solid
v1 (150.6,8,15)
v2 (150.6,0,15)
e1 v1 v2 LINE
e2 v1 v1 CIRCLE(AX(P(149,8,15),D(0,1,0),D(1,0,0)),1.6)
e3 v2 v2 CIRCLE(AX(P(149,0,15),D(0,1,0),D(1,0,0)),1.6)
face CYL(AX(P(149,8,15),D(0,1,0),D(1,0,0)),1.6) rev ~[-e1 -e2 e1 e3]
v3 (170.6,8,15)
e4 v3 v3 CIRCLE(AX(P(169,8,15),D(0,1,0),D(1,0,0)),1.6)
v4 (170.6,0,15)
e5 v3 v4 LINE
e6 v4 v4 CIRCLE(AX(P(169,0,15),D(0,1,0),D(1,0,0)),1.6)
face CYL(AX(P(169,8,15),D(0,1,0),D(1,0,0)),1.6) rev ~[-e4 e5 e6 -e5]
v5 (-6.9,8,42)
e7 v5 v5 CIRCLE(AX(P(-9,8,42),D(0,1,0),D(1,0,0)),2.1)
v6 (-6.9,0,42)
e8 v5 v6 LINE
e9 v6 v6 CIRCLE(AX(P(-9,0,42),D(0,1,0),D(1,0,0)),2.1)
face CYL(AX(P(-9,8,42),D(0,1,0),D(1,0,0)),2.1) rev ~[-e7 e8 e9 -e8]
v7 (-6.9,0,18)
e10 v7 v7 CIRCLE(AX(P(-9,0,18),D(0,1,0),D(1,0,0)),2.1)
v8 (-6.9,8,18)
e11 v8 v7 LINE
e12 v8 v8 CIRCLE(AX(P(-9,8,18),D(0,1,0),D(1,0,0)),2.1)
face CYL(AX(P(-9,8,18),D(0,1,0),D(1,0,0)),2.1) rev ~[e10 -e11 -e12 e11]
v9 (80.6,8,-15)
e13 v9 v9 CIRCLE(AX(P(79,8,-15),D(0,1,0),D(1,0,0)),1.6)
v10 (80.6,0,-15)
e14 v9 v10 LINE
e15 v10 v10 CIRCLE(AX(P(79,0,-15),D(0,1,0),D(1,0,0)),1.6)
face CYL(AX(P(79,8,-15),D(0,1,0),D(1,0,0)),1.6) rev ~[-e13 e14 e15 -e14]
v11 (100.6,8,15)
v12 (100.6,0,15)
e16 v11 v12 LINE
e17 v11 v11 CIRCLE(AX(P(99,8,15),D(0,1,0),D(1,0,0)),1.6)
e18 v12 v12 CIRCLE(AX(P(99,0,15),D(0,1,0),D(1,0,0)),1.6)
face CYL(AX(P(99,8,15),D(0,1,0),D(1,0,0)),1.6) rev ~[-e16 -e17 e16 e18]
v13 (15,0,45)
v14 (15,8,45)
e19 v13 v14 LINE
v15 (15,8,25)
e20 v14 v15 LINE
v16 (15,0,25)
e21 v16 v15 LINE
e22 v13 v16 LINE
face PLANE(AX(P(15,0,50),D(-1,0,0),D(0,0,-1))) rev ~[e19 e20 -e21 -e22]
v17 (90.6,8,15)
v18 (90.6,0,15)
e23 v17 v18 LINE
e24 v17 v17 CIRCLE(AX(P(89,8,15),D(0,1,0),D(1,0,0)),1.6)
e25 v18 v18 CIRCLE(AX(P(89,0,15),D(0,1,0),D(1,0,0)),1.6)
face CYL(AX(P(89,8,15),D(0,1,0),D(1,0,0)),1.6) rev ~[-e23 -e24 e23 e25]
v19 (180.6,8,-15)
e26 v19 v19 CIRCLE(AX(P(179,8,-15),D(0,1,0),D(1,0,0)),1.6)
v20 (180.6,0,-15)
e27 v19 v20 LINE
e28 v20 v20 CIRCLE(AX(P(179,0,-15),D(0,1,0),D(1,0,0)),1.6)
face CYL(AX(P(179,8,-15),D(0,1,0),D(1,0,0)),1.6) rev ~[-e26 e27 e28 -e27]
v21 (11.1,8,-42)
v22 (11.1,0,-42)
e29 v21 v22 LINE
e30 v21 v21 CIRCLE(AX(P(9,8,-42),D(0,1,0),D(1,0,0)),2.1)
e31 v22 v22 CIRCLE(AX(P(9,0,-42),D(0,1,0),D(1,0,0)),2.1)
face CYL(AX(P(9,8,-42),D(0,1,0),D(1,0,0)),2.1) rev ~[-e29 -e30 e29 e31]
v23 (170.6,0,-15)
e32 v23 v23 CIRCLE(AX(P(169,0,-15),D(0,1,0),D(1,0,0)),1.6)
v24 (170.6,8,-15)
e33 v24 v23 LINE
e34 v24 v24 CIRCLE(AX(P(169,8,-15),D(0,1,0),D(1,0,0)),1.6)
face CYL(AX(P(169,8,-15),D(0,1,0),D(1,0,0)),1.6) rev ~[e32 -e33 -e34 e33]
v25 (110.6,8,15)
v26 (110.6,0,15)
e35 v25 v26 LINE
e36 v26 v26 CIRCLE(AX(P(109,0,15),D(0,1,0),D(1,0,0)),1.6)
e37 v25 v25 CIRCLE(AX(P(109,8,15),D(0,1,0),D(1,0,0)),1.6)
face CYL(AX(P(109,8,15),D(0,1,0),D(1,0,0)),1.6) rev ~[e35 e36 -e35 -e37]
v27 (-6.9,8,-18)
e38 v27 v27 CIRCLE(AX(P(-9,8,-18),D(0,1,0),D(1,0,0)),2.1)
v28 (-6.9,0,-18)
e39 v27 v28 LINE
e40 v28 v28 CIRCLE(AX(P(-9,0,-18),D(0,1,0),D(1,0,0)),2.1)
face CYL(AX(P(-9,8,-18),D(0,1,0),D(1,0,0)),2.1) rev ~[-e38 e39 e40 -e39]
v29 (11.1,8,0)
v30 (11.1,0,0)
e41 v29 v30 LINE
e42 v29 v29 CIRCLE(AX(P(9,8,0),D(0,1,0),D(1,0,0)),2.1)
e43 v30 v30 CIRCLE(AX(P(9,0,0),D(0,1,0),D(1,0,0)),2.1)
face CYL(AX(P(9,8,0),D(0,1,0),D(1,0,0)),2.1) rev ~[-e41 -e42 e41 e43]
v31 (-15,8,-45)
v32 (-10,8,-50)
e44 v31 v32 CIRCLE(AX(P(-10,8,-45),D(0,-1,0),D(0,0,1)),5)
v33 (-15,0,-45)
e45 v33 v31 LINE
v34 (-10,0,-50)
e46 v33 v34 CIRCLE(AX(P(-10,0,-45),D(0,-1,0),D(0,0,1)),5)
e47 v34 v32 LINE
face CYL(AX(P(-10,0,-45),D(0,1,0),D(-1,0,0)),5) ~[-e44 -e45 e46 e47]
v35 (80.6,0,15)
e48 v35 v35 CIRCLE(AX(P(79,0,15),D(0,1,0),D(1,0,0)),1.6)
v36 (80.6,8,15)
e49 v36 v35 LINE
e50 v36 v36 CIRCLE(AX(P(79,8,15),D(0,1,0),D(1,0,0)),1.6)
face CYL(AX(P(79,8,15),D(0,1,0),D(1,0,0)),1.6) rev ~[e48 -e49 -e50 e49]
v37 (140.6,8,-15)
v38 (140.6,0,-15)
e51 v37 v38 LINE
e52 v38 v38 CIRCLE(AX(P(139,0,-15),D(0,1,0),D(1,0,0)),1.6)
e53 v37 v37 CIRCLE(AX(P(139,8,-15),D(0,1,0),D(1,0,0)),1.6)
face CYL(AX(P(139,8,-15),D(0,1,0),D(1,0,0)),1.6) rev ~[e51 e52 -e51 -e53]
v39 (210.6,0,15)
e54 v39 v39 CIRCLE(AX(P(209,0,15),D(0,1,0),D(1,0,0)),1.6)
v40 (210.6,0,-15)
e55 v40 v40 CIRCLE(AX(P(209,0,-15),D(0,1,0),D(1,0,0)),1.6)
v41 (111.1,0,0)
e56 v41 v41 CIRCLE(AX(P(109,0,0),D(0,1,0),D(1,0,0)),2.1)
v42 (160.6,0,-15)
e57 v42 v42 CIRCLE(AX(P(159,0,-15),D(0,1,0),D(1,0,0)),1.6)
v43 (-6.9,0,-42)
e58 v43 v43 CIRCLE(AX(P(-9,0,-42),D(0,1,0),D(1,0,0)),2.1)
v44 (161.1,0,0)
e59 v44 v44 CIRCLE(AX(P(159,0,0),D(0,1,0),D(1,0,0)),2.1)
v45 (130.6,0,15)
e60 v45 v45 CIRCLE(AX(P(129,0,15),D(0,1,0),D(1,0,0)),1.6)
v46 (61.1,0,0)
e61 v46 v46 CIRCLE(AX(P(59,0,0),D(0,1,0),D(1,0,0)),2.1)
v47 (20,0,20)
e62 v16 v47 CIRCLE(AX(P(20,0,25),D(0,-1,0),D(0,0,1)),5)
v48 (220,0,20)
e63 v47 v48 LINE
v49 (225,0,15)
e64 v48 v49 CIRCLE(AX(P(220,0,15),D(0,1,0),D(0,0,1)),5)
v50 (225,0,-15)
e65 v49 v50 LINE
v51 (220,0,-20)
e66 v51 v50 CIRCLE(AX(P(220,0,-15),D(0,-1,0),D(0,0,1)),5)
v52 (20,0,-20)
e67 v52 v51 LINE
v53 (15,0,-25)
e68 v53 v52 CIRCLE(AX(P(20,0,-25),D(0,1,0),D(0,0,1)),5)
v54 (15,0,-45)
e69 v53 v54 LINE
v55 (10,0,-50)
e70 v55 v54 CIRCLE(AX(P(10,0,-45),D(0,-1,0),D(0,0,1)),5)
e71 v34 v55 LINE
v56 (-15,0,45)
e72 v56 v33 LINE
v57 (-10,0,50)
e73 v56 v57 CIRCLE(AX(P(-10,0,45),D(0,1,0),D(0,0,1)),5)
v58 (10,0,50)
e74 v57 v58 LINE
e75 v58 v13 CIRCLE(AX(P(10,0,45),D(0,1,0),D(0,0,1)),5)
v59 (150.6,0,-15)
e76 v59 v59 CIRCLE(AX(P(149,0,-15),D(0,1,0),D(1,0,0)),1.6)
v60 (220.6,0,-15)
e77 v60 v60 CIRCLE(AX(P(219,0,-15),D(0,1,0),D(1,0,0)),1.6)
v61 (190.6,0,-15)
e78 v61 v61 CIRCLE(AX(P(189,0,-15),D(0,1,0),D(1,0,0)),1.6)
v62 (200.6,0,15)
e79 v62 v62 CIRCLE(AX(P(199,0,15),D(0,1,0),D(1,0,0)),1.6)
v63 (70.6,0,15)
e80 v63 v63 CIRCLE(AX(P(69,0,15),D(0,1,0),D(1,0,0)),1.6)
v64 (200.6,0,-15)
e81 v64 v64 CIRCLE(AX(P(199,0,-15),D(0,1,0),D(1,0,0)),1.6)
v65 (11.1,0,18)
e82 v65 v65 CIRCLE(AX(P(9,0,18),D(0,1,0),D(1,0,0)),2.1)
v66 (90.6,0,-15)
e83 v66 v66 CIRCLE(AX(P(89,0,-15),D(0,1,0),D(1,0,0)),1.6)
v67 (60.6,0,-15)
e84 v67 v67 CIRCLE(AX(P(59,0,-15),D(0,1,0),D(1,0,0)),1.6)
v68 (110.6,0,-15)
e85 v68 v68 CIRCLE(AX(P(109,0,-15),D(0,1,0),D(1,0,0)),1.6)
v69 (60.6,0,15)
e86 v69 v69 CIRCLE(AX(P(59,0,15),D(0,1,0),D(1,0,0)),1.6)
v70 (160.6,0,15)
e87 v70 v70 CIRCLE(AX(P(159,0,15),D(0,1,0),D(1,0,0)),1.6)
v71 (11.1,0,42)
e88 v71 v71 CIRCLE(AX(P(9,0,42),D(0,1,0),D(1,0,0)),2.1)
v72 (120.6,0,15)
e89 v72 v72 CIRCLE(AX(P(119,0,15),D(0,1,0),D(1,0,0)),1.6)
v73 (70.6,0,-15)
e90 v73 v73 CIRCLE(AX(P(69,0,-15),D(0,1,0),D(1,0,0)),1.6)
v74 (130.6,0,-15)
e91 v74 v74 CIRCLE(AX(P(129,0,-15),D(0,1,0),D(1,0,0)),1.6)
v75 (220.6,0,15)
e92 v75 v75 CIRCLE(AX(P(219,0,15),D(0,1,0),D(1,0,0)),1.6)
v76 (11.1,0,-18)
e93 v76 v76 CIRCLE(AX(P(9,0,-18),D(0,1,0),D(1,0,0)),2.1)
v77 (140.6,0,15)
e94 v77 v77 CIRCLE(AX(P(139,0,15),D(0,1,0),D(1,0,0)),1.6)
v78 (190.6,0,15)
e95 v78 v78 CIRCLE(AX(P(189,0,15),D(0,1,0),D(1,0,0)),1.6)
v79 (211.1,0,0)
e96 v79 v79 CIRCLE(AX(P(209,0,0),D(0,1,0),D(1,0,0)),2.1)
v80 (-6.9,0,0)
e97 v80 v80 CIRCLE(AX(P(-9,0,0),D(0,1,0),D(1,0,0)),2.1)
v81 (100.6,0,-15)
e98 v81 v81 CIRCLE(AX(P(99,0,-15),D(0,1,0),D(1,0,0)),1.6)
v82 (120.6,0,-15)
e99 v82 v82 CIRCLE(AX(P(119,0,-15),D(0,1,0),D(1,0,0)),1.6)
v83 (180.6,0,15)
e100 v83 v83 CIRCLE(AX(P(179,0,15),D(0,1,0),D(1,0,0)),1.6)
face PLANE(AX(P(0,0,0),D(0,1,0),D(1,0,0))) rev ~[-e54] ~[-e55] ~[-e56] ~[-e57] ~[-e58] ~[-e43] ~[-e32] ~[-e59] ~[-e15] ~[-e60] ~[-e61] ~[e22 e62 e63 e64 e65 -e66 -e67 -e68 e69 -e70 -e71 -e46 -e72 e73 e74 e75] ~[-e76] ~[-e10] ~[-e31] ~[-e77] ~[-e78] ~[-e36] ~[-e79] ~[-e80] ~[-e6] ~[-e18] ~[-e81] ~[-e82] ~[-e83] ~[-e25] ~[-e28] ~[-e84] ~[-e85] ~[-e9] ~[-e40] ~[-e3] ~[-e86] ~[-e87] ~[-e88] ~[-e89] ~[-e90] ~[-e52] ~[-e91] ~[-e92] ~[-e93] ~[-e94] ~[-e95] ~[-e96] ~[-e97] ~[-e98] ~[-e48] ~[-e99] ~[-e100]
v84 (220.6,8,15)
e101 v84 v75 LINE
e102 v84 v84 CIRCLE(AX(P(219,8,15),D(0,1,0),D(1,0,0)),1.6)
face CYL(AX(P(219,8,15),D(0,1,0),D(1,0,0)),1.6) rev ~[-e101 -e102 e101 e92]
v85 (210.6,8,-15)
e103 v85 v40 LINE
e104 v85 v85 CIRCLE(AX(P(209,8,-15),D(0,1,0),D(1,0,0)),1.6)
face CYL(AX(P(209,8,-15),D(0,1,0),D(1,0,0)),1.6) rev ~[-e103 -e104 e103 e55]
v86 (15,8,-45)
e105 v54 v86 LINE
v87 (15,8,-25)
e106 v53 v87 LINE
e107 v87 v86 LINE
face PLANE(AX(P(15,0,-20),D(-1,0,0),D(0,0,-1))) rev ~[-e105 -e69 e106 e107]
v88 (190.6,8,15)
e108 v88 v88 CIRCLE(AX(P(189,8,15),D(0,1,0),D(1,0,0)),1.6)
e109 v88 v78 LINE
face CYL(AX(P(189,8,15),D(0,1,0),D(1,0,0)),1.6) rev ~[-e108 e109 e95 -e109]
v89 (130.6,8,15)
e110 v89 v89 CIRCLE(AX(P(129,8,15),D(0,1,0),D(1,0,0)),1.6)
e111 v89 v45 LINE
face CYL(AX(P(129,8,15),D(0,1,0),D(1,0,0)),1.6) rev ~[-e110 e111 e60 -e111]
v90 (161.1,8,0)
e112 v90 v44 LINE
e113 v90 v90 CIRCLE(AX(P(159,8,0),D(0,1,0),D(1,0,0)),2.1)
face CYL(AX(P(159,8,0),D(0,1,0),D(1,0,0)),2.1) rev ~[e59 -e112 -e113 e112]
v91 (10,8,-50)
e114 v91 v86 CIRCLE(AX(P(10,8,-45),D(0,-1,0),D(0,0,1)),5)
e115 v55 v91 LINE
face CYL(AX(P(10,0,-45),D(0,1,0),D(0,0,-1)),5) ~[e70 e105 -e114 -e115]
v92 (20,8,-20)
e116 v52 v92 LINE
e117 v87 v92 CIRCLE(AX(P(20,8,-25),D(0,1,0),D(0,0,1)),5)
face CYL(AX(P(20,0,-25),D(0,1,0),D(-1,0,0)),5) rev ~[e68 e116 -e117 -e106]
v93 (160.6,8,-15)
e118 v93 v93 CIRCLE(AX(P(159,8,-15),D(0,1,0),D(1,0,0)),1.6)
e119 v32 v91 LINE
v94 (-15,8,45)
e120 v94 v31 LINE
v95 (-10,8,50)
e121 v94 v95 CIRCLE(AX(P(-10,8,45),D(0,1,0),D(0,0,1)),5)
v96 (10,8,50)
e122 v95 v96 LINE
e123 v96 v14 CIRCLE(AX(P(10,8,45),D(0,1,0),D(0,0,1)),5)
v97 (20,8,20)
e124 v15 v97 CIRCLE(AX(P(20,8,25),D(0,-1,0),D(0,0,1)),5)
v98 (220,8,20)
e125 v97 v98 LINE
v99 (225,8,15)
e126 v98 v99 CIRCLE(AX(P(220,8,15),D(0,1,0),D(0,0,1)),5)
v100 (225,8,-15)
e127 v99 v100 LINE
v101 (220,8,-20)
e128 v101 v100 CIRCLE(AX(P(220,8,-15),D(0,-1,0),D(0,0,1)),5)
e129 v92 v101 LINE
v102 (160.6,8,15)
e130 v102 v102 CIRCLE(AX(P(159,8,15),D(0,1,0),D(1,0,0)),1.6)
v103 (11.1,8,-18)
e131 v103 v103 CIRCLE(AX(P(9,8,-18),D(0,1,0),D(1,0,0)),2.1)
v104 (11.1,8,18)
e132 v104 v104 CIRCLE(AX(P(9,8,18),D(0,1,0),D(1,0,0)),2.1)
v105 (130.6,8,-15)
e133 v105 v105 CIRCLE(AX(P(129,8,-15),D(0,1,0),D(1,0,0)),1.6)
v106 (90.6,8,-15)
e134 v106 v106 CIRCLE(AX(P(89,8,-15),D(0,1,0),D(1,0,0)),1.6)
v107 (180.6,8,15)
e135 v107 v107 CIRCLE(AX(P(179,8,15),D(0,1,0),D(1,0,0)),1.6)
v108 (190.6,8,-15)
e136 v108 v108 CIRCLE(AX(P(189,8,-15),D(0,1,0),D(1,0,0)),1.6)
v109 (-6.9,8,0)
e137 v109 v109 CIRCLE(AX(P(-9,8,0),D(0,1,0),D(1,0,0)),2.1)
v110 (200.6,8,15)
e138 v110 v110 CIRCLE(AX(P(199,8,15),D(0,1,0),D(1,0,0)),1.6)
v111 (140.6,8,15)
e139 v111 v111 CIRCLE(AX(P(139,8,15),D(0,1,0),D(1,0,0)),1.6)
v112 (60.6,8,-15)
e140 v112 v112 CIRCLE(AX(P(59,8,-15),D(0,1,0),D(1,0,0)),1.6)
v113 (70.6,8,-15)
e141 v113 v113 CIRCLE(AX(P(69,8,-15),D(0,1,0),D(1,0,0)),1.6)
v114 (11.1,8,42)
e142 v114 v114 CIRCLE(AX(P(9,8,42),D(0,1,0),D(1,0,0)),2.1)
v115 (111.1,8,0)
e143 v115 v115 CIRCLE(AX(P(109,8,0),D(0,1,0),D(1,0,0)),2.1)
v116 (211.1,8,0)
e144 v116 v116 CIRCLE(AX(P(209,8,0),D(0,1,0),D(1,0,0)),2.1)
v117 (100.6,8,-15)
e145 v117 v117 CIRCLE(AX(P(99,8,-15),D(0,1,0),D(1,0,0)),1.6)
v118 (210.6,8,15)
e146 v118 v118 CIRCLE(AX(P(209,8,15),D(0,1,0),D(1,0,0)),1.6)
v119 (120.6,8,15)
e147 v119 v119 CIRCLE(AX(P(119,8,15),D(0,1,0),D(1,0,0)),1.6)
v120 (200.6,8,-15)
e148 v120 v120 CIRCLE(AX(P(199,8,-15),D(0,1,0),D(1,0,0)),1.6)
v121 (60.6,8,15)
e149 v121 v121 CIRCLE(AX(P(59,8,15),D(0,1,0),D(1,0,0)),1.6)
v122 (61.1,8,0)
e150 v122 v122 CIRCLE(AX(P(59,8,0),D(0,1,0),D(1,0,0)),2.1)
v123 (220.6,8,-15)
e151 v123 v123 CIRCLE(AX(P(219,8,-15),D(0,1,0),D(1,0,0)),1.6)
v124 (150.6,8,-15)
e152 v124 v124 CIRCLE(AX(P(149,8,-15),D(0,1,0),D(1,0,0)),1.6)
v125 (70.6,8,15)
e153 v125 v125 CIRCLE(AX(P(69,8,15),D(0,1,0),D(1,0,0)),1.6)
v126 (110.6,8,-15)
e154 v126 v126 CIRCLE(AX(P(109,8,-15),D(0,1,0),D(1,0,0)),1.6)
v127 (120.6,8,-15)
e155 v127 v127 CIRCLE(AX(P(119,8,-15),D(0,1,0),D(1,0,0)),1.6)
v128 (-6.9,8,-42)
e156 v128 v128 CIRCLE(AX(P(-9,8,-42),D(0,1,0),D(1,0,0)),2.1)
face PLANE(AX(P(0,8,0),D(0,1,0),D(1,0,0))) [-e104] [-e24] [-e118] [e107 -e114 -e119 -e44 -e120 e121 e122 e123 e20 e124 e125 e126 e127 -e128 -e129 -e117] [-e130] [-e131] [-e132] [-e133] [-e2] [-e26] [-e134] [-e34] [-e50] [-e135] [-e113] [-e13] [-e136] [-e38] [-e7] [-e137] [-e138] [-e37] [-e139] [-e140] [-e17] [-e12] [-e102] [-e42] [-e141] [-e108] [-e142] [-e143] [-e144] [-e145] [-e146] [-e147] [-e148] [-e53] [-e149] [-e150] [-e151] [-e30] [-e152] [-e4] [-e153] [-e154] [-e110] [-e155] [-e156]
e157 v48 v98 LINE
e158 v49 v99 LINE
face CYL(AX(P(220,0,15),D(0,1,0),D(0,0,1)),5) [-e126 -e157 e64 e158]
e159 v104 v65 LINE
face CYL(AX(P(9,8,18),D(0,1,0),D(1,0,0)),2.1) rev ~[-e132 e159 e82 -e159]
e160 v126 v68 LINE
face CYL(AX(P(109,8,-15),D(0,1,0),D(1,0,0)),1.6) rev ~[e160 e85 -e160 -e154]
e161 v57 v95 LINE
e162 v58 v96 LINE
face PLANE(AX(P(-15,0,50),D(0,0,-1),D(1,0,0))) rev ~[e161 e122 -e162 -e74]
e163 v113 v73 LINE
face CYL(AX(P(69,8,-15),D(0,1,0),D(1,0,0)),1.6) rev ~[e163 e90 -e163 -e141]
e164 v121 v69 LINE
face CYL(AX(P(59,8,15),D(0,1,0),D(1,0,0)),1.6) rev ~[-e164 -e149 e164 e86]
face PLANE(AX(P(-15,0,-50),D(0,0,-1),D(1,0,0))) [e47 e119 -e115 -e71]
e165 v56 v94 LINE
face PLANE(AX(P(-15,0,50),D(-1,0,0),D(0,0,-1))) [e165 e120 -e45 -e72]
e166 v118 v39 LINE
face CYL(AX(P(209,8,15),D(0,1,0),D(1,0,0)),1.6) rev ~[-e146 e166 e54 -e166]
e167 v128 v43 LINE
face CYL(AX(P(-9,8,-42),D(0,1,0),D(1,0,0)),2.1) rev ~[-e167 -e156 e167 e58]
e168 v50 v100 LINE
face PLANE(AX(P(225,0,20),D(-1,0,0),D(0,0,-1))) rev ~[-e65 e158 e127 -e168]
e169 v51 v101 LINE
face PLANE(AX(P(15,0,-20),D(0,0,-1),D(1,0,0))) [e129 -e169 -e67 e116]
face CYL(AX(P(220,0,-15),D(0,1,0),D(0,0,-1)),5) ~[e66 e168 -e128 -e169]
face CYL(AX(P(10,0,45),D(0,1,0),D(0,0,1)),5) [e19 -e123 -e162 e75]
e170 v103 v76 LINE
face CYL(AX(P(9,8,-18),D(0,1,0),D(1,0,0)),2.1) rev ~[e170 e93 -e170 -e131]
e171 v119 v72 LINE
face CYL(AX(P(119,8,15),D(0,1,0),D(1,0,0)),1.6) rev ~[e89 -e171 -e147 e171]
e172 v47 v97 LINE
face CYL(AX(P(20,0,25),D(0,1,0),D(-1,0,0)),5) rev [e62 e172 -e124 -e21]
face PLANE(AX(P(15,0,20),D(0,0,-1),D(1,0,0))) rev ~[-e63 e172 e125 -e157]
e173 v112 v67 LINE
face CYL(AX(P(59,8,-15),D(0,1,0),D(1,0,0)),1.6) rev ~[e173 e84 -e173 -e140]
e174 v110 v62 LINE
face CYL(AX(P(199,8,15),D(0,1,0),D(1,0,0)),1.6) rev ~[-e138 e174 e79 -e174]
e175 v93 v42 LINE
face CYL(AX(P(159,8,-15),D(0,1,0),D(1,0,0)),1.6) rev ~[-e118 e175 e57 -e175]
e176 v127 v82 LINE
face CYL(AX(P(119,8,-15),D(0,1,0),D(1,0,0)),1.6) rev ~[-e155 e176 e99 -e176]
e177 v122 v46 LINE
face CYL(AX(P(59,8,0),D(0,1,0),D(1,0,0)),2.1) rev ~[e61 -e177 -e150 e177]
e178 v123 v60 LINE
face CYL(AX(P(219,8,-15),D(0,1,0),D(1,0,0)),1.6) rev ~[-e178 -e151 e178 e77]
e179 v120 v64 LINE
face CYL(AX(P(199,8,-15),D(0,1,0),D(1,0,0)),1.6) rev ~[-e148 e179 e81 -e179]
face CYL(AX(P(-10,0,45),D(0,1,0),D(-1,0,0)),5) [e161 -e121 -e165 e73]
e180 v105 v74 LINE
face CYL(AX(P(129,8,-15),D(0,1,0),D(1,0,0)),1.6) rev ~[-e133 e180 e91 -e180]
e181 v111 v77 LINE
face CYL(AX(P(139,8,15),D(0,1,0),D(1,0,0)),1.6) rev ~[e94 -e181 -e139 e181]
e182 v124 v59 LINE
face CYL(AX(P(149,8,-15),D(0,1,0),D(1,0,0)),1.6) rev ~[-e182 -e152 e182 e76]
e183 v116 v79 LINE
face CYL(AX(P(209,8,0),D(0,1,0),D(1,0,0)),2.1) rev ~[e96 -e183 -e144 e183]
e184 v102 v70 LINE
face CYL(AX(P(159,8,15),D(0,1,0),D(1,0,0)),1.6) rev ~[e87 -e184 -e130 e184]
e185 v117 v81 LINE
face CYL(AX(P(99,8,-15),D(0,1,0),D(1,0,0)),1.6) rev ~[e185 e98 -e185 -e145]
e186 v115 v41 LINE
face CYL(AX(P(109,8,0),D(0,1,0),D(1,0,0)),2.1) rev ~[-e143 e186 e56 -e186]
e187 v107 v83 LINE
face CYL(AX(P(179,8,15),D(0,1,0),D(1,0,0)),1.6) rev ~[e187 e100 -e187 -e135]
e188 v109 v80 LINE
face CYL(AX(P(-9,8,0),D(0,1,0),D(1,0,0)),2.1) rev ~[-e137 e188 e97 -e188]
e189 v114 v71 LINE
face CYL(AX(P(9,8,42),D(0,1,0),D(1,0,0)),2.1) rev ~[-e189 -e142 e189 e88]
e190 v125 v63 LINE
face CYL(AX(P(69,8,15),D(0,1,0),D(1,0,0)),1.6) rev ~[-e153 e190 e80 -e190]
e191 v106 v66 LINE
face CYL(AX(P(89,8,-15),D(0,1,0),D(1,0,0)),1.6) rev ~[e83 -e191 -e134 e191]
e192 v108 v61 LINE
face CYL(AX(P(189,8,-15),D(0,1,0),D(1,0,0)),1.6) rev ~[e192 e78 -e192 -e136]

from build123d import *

# Parameters (mm, degrees)
SKETCH1_W           = 30
SKETCH1_H           = 100
SKETCH1_W_2         = 210
SKETCH1_H_2         = 40
BOSS_EXTRUDE1_DEPTH = 8
SKETCH3_R           = 2.1
CUT_EXTRUDE2_DEPTH  = 10
SKETCH2_R           = 2.1
CUT_EXTRUDE3_DEPTH  = 10
SKETCH4_R           = 1.6
CUT_EXTRUDE4_DEPTH  = 10
FILLET1_R           = 5


with BuildPart() as part:
    # Sketch1 → Boss-Extrude1 (new body)
    with BuildSketch(Plane(origin=(0, 0, 0), x_dir=(1, 0, 0), z_dir=(0, 1, 0))):
        Rectangle(SKETCH1_W, SKETCH1_H)
        with Locations((120, 0)):
            Rectangle(SKETCH1_W_2, SKETCH1_H_2)
    extrude(amount=BOSS_EXTRUDE1_DEPTH)

    # Sketch3 → Cut-Extrude2 (cut)
    with BuildSketch(Plane(origin=(0, 8, 0), x_dir=(1, 0, 0), z_dir=(0, 1, 0))):
        with Locations((-9, 0)):
            Circle(SKETCH3_R)
        with Locations((9, 0)):
            Circle(SKETCH3_R)
        with Locations((59, 0)):
            Circle(SKETCH3_R)
        with Locations((109, 0)):
            Circle(SKETCH3_R)
        with Locations((159, 0)):
            Circle(SKETCH3_R)
        with Locations((209, 0)):
            Circle(SKETCH3_R)
    extrude(amount=-CUT_EXTRUDE2_DEPTH, mode=Mode.SUBTRACT)

    # Sketch2 → Cut-Extrude3 (cut)
    with BuildSketch(Plane(origin=(0, 8, 0), x_dir=(1, 0, 0), z_dir=(0, 1, 0))):
        with Locations((-9, -42)):
            Circle(SKETCH2_R)
        with Locations((-9, -18)):
            Circle(SKETCH2_R)
        with Locations((9, -18)):
            Circle(SKETCH2_R)
        with Locations((9, -42)):
            Circle(SKETCH2_R)
        with Locations((9, 42)):
            Circle(SKETCH2_R)
        with Locations((9, 18)):
            Circle(SKETCH2_R)
        with Locations((-9, 18)):
            Circle(SKETCH2_R)
        with Locations((-9, 42)):
            Circle(SKETCH2_R)
    extrude(amount=-CUT_EXTRUDE3_DEPTH, mode=Mode.SUBTRACT)

    # Sketch4 → Cut-Extrude4 (cut)
    with BuildSketch(Plane(origin=(0, 8, 0), x_dir=(1, 0, 0), z_dir=(0, 1, 0))):
        with Locations((59, -15)):
            Circle(SKETCH4_R)
        with Locations((59, 15)):
            Circle(SKETCH4_R)
        with Locations((69, 15)):
            Circle(SKETCH4_R)
        with Locations((69, -15)):
            Circle(SKETCH4_R)
        with Locations((79, 15)):
            Circle(SKETCH4_R)
        with Locations((79, -15)):
            Circle(SKETCH4_R)
        with Locations((89, 15)):
            Circle(SKETCH4_R)
        with Locations((89, -15)):
            Circle(SKETCH4_R)
        with Locations((99, -15)):
            Circle(SKETCH4_R)
        with Locations((99, 15)):
            Circle(SKETCH4_R)
        with Locations((109, -15)):
            Circle(SKETCH4_R)
        with Locations((109, 15)):
            Circle(SKETCH4_R)
        with Locations((119, -15)):
            Circle(SKETCH4_R)
        with Locations((119, 15)):
            Circle(SKETCH4_R)
        with Locations((129, -15)):
            Circle(SKETCH4_R)
        with Locations((129, 15)):
            Circle(SKETCH4_R)
        with Locations((139, -15)):
            Circle(SKETCH4_R)
        with Locations((139, 15)):
            Circle(SKETCH4_R)
        with Locations((149, -15)):
            Circle(SKETCH4_R)
        with Locations((149, 15)):
            Circle(SKETCH4_R)
        with Locations((159, -15)):
            Circle(SKETCH4_R)
        with Locations((159, 15)):
            Circle(SKETCH4_R)
        with Locations((169, -15)):
            Circle(SKETCH4_R)
        with Locations((169, 15)):
            Circle(SKETCH4_R)
        with Locations((179, -15)):
            Circle(SKETCH4_R)
        with Locations((179, 15)):
            Circle(SKETCH4_R)
        with Locations((189, 15)):
            Circle(SKETCH4_R)
        with Locations((189, -15)):
            Circle(SKETCH4_R)
        with Locations((199, 15)):
            Circle(SKETCH4_R)
        with Locations((199, -15)):
            Circle(SKETCH4_R)
        with Locations((209, 15)):
            Circle(SKETCH4_R)
        with Locations((209, -15)):
            Circle(SKETCH4_R)
        with Locations((219, 15)):
            Circle(SKETCH4_R)
        with Locations((219, -15)):
            Circle(SKETCH4_R)
    extrude(amount=-CUT_EXTRUDE4_DEPTH, mode=Mode.SUBTRACT)

    # Fillet1
    fillet1_edges = [part.edges().sort_by_distance(p)[0] for p in [
        (15, 4, -20),
        (225, 4, -20),
        (225, 4, 20),
        (15, 4, 20),
        (15, 4, 50),
        (-15, 4, 50),
        (-15, 4, -50),
        (15, 4, -50),
    ]]
    fillet(fillet1_edges, radius=FILLET1_R)


solid = part.part
